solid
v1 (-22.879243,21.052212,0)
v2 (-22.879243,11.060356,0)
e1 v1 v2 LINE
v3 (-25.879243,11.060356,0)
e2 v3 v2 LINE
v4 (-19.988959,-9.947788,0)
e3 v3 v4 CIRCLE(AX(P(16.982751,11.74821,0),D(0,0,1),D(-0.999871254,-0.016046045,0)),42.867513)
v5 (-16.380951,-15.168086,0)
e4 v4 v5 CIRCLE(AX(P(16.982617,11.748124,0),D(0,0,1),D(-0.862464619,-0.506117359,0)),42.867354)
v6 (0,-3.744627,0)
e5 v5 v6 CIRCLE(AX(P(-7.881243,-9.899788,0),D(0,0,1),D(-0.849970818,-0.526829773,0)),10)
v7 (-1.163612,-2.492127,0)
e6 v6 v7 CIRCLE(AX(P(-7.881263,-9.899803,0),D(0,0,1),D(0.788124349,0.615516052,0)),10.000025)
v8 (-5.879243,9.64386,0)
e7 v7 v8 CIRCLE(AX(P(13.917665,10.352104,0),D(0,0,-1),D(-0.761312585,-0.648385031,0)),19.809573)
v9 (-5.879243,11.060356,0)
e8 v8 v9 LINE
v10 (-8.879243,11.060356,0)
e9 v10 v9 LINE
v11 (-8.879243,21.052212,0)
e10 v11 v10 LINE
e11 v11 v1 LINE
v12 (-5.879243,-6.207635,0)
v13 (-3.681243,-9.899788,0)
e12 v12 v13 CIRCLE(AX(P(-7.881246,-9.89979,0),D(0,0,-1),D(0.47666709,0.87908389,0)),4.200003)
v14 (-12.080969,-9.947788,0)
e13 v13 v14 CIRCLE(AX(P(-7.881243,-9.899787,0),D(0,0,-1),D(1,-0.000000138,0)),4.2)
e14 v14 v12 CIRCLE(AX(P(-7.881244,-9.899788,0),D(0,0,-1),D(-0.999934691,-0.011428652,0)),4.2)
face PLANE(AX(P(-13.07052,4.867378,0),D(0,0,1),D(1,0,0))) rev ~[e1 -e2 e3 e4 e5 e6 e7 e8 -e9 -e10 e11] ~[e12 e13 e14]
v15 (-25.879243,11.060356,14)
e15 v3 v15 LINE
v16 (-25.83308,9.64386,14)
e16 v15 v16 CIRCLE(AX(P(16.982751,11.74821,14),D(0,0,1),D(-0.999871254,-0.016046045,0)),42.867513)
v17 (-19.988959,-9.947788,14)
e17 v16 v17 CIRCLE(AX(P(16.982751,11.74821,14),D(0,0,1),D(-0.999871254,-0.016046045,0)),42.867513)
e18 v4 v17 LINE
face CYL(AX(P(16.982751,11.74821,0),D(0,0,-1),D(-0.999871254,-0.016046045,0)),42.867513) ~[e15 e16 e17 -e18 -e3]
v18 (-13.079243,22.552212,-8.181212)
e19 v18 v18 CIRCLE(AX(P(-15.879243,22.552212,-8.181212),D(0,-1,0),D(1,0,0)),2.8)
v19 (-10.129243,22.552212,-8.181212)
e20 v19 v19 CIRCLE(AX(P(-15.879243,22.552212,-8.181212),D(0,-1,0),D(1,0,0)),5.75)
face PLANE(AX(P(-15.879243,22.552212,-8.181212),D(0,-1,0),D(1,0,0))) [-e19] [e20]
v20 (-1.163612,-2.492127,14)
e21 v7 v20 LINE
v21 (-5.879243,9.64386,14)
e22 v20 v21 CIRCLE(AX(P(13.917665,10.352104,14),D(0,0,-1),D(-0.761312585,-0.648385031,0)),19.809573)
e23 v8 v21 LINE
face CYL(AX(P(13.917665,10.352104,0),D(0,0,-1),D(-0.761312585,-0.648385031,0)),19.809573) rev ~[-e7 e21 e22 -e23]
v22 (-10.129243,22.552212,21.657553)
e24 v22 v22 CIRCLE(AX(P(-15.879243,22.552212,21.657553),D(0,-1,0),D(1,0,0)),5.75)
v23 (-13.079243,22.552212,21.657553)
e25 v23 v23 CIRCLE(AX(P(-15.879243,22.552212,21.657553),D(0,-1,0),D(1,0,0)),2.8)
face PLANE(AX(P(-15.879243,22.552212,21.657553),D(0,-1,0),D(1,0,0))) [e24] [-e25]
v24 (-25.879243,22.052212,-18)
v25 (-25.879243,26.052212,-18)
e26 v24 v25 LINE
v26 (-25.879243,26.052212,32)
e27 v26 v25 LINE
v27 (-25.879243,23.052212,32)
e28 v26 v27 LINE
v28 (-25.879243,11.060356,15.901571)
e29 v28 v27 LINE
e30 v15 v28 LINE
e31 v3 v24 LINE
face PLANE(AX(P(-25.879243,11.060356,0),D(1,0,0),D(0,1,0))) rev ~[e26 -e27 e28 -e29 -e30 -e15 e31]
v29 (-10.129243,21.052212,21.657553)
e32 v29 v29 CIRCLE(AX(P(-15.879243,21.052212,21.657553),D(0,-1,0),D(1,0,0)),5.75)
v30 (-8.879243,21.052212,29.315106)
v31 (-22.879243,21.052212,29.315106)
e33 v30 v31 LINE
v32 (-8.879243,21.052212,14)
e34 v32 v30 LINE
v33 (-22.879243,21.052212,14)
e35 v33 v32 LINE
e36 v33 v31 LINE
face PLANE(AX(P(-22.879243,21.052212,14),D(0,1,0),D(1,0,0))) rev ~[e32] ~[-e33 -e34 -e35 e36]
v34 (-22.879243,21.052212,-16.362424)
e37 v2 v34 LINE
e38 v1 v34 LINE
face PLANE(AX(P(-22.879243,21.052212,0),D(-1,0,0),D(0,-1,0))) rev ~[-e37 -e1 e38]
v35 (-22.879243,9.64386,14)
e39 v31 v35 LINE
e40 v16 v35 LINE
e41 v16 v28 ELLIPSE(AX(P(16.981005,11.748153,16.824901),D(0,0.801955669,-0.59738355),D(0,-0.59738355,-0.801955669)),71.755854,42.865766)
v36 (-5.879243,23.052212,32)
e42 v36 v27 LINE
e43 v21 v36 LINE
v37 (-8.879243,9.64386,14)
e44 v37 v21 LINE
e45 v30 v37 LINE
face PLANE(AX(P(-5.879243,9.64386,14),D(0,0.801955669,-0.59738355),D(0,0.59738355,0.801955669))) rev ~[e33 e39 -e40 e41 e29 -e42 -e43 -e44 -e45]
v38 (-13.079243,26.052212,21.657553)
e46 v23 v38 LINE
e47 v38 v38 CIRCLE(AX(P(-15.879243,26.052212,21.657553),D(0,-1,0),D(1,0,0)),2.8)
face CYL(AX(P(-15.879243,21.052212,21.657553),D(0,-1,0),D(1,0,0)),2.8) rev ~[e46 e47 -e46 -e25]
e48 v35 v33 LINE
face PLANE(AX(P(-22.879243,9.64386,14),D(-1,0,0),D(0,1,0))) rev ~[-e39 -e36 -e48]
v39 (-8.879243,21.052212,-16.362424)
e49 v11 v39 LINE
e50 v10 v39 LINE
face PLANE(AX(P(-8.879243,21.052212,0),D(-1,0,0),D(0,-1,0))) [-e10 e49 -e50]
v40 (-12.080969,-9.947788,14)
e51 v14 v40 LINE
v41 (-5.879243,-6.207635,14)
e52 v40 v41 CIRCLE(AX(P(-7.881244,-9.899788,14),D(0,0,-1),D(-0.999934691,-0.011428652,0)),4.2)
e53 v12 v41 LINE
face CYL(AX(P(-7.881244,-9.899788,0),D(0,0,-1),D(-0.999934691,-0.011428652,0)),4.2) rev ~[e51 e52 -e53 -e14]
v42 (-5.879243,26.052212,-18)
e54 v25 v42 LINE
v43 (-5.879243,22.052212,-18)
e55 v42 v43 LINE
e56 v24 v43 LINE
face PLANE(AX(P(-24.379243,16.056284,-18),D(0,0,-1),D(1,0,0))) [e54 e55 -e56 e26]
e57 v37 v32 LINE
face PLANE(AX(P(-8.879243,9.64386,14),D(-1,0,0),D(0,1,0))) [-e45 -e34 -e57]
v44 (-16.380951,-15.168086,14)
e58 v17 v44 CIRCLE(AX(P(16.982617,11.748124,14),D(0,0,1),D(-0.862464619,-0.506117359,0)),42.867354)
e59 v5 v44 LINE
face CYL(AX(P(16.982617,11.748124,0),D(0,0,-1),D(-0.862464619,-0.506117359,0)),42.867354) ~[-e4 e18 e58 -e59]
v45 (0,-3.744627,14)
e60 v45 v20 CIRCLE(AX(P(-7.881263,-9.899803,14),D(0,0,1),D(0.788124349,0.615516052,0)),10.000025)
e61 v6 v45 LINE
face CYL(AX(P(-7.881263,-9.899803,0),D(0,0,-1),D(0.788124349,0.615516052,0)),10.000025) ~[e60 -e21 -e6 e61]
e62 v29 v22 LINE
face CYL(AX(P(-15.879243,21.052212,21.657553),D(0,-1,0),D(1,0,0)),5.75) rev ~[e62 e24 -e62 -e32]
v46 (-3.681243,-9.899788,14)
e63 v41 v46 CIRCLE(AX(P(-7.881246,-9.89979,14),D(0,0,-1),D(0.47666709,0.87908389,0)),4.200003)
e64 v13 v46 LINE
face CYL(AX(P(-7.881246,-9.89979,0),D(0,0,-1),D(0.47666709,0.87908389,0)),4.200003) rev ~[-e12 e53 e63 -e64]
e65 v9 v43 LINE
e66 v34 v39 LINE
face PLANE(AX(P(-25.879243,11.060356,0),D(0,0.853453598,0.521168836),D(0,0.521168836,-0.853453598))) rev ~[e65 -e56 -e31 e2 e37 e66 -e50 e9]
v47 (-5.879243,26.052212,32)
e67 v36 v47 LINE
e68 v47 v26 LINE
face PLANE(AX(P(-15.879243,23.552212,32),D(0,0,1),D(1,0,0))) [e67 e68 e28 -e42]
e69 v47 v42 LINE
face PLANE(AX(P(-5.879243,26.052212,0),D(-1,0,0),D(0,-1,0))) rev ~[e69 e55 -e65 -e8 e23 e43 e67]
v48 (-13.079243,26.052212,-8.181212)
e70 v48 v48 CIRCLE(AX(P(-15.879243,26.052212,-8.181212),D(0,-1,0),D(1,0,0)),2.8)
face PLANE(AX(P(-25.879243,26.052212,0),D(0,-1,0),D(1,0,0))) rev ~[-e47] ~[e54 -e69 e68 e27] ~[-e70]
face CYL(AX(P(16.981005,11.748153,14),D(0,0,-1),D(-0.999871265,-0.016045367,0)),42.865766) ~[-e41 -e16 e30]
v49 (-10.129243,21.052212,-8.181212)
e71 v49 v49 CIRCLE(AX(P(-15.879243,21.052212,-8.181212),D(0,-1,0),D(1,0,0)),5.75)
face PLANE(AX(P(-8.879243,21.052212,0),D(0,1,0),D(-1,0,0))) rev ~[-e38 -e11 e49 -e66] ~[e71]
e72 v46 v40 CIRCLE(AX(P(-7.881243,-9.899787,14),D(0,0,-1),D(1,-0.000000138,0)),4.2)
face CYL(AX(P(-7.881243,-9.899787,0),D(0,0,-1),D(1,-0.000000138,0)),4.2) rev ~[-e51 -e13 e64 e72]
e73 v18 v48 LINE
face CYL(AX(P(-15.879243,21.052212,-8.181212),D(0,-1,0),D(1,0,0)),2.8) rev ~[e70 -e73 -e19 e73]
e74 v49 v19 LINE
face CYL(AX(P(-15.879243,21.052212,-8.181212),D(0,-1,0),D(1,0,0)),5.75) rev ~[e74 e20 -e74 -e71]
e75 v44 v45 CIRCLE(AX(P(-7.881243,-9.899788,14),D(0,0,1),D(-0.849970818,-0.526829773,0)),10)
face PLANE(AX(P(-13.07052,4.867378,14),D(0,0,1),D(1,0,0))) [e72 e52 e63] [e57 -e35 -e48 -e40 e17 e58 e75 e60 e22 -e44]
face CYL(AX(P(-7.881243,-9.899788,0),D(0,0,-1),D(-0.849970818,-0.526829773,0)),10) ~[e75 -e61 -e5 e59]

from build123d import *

# Parameters (mm, degrees)
F1_DEPTH  = 14
F2_W      = 3
F2_H      = 11.408352
F3_DEPTH  = 18
F5_DEPTH  = 25
F6_R      = 2.8
F7_DEPTH  = 25
F8_R      = 5.75
F9_DEPTH  = 1.5
F10_W     = 3
F10_H     = 9.991856
F11_DEPTH = 18
F13_DEPTH = 25
F14_R     = 2.8
F15_DEPTH = 25
F16_R     = 5.75
F17_DEPTH = 1.5


with BuildPart() as f1:
    # F0 (on Top) → F1 (new body)
    with BuildSketch(Plane.XY):
        with BuildLine():
            Line((-5.879243, 26.052212), (-25.879243, 26.052212))
            Line((-25.879243, 26.052212), (-25.879243, 11.060356))
            ThreePointArc((-25.879243, 11.060356), (-24.293036, 0.175264), (-19.988959, -9.947788))
            ThreePointArc((-19.988959, -9.947788), (-18.281685, -12.624792), (-16.380951, -15.168086))
            ThreePointArc((-16.380951, -15.168086), (-2.161149, -18.102259), (0, -3.744627))
            ThreePointArc((0, -3.744627), (-0.595324, -3.130936), (-1.163612, -2.492127))
            ThreePointArc((-1.163612, -2.492127), (-4.546963, 3.177378), (-5.879243, 9.64386))
            ThreePointArc((-5.879243, 9.64386), (-5.891908, 10.352108), (-5.879243, 11.060356))
            Line((-5.879243, 11.060356), (-5.879243, 26.052212))
        make_face()
        with BuildLine():
            ThreePointArc((-3.681243, -9.899788), (-7.857243, -14.099719), (-12.080969, -9.947788))
            ThreePointArc((-12.080969, -9.947788), (-10.050272, -6.303218), (-5.879243, -6.207635))
            ThreePointArc((-5.879243, -6.207635), (-4.272338, -7.751347), (-3.681243, -9.899788))
        make_face(mode=Mode.SUBTRACT)
        with BuildLine():
            Line((-5.879243, 9.64386), (-5.879243, 11.060356))
            ThreePointArc((-5.879243, 11.060356), (-5.891908, 10.352108), (-5.879243, 9.64386))
        make_face()
        with BuildLine():
            ThreePointArc((0, -3.744627), (-0.554991, -3.093465), (-1.163612, -2.492127))
            ThreePointArc((-1.163612, -2.492127), (-0.595324, -3.130936), (0, -3.744627))
        make_face()
    extrude(amount=F1_DEPTH)

    # F2 (on face) → F3 (join)
    with BuildSketch(Plane.XY.offset(14)):
        Polygon((-5.879243, 26.052212), (-25.879243, 26.052212), (-25.879243, 21.052212), (-22.879243, 21.052212), (-8.879243, 21.052212), (-5.879243, 21.052212), align=None)
        with BuildLine():
            Line((-22.879243, 21.052212), (-25.879243, 21.052212))
            Line((-25.879243, 21.052212), (-25.879243, 11.060356))
            ThreePointArc((-25.879243, 11.060356), (-25.862016, 10.351917), (-25.83308, 9.64386))
            Line((-25.83308, 9.64386), (-22.879243, 9.64386))
            Line((-22.879243, 9.64386), (-22.879243, 21.052212))
        make_face()
        with Locations((-7.379243, 15.348036)):
            Rectangle(F2_W, F2_H)
    extrude(amount=F3_DEPTH)

    # F4 (on face) → F5 (cut)
    with BuildSketch(Plane.YZ.offset(-5.879243)):
        Polygon((9.64386, 14), (23.052212, 32), (9.64386, 32), align=None)
    extrude(amount=-F5_DEPTH, mode=Mode.SUBTRACT)

    # F6 (on face) → F7 (cut)
    with BuildSketch(Plane.XZ.offset(-21.052212)):
        with Locations((-15.879243, 21.657553)):
            Circle(F6_R)
    extrude(amount=-F7_DEPTH, mode=Mode.SUBTRACT)

    # F8 (on face) → F9 (cut)
    with BuildSketch(Plane.XZ.offset(-21.052212)):
        with Locations((-15.879243, 21.657553)):
            Circle(F8_R)
    extrude(amount=-F9_DEPTH, mode=Mode.SUBTRACT)

    # F10 (on face) → F11 (join)
    with BuildSketch(Plane(origin=(0, 0, 0), x_dir=(1, 0, 0), z_dir=(0, 0, -1))):
        with Locations((-24.379243, -16.056284)):
            Rectangle(F10_W, F10_H)
        Polygon((-25.879243, -21.052212), (-25.879243, -26.052212), (-5.879243, -26.052212), (-5.879243, -21.052212), (-8.879243, -21.052212), (-22.879243, -21.052212), align=None)
        with Locations((-7.379243, -16.056284)):
            Rectangle(F10_W, F10_H)
    extrude(amount=F11_DEPTH)

    # F12 (on face) → F13 (cut)
    with BuildSketch(Plane(origin=(-25.879243, 0, 0), x_dir=(0, -1, 0), z_dir=(-1, 0, 0))):
        Polygon((-11.060356, 0), (-22.052212, -18), (-11.060356, -18), align=None)
    extrude(amount=-F13_DEPTH, mode=Mode.SUBTRACT)

    # F14 (on face) → F15 (cut)
    with BuildSketch(Plane.XZ.offset(-21.052212)):
        with Locations((-15.879243, -8.181212)):
            Circle(F14_R)
    extrude(amount=-F15_DEPTH, mode=Mode.SUBTRACT)

    # F16 (on face) → F17 (cut)
    with BuildSketch(Plane.XZ.offset(-21.052212)):
        with Locations((-15.879243, -8.181212)):
            Circle(F16_R)
    extrude(amount=-F17_DEPTH, mode=Mode.SUBTRACT)


solid = f1.part
